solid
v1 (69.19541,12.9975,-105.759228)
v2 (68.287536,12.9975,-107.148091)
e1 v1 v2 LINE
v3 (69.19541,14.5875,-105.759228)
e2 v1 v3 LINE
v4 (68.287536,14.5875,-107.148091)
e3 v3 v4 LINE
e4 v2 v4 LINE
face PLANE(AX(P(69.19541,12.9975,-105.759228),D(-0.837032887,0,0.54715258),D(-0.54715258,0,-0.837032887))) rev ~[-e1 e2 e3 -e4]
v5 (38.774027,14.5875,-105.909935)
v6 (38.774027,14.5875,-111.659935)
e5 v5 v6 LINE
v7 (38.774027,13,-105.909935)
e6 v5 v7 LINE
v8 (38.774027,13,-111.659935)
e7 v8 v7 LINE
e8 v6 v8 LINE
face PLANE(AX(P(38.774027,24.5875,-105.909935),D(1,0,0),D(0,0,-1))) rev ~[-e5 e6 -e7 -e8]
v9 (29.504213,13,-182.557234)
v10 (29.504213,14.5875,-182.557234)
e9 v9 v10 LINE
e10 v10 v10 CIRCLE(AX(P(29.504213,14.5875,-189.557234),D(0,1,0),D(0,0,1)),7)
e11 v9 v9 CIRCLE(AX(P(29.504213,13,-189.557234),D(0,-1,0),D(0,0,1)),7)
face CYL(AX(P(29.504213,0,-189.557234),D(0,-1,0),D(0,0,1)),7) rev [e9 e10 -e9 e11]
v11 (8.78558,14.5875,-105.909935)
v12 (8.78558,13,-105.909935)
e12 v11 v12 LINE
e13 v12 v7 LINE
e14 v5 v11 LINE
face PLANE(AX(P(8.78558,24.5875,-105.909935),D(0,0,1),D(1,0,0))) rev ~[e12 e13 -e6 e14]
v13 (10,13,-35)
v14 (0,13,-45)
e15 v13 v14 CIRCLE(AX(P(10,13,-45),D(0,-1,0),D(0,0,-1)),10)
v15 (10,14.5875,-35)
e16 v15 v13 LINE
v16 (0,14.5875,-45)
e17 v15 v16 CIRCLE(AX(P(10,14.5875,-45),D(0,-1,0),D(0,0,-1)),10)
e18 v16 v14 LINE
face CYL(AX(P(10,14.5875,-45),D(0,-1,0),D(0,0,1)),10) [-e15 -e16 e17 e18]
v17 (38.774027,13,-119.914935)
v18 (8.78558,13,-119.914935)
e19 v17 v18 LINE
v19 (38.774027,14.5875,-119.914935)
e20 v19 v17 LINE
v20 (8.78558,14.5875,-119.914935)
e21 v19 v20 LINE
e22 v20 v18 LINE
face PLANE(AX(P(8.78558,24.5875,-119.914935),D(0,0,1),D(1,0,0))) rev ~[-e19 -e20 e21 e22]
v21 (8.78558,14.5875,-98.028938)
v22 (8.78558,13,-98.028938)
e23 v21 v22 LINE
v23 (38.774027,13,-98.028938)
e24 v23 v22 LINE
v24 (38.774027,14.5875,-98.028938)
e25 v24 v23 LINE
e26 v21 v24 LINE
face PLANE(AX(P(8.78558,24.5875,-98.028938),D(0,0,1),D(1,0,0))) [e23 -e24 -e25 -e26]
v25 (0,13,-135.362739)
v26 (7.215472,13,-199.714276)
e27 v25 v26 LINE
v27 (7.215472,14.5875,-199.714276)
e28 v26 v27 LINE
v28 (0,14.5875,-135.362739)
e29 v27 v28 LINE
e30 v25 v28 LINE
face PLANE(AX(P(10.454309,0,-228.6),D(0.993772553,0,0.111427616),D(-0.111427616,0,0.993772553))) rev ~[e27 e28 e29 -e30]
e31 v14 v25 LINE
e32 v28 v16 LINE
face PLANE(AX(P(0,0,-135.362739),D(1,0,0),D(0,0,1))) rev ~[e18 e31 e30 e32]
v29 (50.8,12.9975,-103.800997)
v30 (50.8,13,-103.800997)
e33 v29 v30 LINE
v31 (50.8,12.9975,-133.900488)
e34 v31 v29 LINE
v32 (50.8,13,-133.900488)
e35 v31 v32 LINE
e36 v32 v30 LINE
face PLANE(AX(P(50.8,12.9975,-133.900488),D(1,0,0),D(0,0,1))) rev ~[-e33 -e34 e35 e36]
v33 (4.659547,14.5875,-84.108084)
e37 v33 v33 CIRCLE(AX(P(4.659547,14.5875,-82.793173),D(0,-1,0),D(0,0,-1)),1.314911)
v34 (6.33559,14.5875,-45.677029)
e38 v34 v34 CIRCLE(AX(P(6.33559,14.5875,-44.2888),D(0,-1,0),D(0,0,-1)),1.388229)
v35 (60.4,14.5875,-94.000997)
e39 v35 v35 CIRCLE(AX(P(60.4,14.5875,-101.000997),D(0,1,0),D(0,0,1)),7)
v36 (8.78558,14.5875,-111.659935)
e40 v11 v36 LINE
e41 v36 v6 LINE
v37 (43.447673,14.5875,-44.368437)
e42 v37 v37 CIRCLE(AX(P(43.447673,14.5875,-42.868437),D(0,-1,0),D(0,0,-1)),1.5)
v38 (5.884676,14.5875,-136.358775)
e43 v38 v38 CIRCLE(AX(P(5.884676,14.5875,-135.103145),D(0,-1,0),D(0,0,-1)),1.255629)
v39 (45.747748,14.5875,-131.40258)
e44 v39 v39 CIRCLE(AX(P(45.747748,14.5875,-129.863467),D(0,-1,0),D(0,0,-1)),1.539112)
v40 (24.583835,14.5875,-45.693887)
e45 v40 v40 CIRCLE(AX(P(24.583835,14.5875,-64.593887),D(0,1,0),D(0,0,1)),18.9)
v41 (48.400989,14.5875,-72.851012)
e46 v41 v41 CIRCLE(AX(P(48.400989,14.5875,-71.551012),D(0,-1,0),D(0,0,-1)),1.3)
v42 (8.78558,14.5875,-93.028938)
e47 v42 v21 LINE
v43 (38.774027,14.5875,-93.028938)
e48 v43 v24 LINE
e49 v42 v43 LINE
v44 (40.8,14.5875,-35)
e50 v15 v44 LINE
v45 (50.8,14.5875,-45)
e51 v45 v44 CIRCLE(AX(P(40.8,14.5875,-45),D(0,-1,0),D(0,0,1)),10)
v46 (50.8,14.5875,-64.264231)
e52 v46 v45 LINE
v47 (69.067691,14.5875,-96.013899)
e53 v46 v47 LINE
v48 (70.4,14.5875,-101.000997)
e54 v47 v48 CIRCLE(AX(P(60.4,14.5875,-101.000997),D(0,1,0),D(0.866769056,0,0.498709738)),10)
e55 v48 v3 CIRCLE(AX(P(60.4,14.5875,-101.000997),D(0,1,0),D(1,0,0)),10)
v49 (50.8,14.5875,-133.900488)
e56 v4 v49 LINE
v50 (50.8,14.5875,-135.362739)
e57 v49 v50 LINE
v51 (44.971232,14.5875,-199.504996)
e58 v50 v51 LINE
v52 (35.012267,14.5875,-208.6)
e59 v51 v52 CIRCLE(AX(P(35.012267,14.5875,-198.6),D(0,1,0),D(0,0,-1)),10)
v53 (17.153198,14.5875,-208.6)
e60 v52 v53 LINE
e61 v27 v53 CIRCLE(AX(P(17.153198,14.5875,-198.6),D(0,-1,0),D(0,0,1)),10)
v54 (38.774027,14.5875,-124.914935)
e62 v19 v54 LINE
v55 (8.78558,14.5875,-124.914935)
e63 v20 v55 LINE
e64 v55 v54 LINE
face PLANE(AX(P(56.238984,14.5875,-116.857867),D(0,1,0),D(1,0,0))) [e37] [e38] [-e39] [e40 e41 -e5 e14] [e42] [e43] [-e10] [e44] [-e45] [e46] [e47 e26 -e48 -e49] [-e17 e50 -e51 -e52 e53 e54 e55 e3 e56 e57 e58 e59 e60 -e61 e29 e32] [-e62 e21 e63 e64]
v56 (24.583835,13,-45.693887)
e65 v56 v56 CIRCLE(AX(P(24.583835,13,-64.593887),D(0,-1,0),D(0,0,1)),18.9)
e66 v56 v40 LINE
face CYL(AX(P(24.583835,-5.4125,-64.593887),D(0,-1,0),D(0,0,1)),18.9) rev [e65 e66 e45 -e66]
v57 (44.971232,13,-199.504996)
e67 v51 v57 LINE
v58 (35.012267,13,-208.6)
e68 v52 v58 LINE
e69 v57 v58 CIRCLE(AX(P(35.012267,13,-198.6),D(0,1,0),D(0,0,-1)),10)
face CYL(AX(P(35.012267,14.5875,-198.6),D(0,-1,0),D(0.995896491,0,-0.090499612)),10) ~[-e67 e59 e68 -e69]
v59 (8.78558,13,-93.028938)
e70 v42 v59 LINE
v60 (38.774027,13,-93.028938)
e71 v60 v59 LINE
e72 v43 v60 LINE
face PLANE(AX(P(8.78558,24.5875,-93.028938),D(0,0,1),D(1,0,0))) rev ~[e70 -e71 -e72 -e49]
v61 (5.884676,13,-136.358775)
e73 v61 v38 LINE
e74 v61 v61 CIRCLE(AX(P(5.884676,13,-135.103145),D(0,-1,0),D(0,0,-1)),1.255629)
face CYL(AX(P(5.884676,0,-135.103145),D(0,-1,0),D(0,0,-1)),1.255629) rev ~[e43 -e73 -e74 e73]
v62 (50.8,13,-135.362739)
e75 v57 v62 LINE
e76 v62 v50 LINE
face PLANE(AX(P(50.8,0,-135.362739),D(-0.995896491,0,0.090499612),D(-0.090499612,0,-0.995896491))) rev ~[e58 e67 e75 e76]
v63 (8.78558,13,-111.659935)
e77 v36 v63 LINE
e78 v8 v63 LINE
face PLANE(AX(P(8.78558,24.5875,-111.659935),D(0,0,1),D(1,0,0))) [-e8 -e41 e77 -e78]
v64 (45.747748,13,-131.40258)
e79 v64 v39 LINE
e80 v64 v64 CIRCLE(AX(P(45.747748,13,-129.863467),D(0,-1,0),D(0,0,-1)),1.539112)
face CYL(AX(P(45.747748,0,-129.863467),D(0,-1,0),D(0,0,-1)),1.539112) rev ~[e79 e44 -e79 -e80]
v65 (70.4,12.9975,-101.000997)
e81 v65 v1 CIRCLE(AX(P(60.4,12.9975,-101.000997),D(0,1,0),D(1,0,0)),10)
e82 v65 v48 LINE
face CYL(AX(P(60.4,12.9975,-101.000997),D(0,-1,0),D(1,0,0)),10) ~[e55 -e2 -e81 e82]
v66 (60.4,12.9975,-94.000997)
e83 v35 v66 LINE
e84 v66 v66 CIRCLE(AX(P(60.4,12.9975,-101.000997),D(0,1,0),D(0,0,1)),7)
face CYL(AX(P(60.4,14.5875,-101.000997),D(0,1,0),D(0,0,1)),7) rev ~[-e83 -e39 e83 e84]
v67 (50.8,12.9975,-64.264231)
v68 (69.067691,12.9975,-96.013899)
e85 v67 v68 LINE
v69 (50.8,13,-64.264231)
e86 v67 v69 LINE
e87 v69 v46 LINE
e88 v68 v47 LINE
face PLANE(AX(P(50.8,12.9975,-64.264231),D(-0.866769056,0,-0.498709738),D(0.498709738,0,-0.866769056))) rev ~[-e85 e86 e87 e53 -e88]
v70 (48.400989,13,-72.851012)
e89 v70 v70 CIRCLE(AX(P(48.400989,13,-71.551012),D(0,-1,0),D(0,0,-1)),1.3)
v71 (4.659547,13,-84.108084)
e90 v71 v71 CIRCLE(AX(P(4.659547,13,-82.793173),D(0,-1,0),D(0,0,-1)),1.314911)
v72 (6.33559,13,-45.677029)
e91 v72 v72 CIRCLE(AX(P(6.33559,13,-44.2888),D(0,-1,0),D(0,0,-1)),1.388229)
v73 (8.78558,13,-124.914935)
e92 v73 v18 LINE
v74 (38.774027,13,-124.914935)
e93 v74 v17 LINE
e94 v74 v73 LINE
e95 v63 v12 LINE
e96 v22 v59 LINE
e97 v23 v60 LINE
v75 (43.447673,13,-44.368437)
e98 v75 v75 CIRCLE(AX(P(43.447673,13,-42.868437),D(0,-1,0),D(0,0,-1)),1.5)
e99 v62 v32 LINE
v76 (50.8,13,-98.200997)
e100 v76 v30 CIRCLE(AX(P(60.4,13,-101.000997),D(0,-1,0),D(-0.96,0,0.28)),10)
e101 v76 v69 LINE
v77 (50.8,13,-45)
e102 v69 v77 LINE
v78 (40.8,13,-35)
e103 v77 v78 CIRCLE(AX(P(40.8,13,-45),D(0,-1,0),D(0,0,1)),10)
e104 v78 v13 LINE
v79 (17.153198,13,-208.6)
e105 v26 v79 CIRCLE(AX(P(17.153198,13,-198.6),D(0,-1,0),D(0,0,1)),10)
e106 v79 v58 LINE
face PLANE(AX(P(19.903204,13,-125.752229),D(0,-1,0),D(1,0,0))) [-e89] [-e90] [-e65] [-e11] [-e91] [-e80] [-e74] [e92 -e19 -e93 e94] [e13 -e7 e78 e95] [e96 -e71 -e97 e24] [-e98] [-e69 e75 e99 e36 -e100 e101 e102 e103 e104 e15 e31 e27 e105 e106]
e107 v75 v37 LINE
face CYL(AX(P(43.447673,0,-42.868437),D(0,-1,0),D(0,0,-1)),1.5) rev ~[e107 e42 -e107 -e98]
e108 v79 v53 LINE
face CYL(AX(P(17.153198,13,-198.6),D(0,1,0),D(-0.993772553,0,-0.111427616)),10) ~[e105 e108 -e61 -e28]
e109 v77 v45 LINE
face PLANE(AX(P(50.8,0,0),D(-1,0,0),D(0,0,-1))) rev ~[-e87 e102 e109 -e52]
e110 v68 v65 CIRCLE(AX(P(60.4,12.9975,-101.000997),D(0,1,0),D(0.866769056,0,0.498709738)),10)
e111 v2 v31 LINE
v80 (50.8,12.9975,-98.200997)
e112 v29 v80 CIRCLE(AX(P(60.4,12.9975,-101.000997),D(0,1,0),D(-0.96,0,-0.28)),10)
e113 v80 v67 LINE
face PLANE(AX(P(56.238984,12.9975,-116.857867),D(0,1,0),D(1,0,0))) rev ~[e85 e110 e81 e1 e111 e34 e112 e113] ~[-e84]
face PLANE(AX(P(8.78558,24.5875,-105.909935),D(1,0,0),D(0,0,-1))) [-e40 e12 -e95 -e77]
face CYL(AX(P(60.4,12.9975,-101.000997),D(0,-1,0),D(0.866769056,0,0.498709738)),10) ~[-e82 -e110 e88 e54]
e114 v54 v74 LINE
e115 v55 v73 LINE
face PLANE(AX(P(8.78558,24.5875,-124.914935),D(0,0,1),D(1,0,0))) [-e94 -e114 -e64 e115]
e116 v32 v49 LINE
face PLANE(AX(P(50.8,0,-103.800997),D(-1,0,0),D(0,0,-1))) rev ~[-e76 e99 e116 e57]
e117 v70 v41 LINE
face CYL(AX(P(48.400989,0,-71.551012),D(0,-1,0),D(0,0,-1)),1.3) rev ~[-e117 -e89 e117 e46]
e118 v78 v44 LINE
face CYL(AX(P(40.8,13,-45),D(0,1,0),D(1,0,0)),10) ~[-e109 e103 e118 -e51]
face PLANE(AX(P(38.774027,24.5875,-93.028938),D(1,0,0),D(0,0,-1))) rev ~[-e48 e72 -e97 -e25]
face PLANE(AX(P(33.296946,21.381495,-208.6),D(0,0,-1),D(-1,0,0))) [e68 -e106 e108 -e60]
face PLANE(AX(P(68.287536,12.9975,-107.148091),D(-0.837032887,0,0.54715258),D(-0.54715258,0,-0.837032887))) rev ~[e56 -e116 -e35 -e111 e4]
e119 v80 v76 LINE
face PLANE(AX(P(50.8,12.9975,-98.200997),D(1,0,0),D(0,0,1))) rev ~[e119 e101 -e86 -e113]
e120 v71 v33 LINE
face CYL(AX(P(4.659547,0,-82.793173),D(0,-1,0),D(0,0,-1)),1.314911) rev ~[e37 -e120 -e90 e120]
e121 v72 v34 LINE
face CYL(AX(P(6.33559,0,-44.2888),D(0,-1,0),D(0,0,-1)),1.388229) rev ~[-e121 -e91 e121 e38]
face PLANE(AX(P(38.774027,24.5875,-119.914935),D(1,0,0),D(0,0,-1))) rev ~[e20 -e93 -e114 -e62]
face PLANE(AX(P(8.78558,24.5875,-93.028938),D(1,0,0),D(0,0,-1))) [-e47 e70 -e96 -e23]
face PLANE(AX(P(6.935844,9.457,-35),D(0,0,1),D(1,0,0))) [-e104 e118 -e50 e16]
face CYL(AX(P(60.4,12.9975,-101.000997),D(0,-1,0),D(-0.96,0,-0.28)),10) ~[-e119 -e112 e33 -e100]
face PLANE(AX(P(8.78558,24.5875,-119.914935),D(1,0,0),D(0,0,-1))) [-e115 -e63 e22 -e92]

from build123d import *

# Parameters (mm, degrees)
SKETCH1_R           = 2.875
SKETCH1_R_2         = 7
BOSS_EXTRUDE1_DEPTH = 24.5875
SKETCH4_W           = 66.272407177
SKETCH4_H           = 27.800260981
CUT_EXTRUDE2_DEPTH  = 20
FILLET3_R           = 10
FILLET4_R           = 10
BOSS_EXTRUDE3_START = -1.5875
BOSS_EXTRUDE3_DEPTH = 1.5875
SKETCH7_R           = 7
CUT_EXTRUDE3_DEPTH  = 1.5875
CUT_EXTRUDE4_START  = -10
SKETCH8_R           = 3
SKETCH8_R_2         = 18.9
SKETCH8_R_3         = 2.875
SKETCH8_R_4         = 7
CUT_EXTRUDE4_DEPTH  = 10
SKETCH9_W           = 229.1070397
SKETCH9_H           = 361.266964835
SKETCH9_R           = 1.388229101
SKETCH9_R_2         = 1.483383261
SKETCH9_R_3         = 1.314910669
SKETCH9_R_4         = 1.248623853
SKETCH9_R_5         = 1.255629307
SKETCH9_R_6         = 1.53911217
CUT_EXTRUDE5_DEPTH  = 13
SKETCH10_W          = 29.988446547
SKETCH10_H          = 5
SKETCH10_H_2        = 5.75
CUT_EXTRUDE6_DEPTH  = 22
SKETCH11_R          = 5.236653548
CUT_EXTRUDE7_DEPTH  = 10
BOSS_EXTRUDE4_START = -1.59
BOSS_EXTRUDE4_DEPTH = 1.59
SKETCH13_R          = 7
CUT_EXTRUDE8_DEPTH  = 41
SKETCH14_W          = 61.491848917
SKETCH14_H          = 35.587491391
CUT_EXTRUDE9_DEPTH  = 20
FILLET5_R           = 10
SKETCH16_W          = 163.723031551
SKETCH16_H          = 22.872070304
CUT_EXTRUDE11_DEPTH = 35
FILLET6_R           = 10
SKETCH17_R          = 1.53911217
SKETCH17_R_2        = 1.255629307
SKETCH17_R_3        = 1.3
SKETCH17_R_4        = 1.314910669
SKETCH17_R_5        = 1.388229101
SKETCH17_R_6        = 1.5
CUT_EXTRUDE12_DEPTH = 42
CUT_EXTRUDE13_START = -30
SKETCH18_R          = 18.9
CUT_EXTRUDE13_DEPTH = 30


with BuildPart() as part:
    # Sketch1 → Boss-Extrude1 (new body)
    with BuildSketch(Plane(origin=(0, 0, 0), x_dir=(1, 0, 0), z_dir=(0, 1, 0))):
        with BuildLine():
            Line((42.32729629, 228.6), (10.454309325, 228.6))
            Line((10.454309325, 228.6), (0, 135.362739137))
            Line((0, 135.362739137), (0, 0))
            Line((0, 0), (24.327009544, 0))
            Line((24.327009544, 0), (50.8, 0))
            Line((50.8, 0), (50.8, 64.87909603))
            Line((50.8, 64.87909603), (50.8, 87.423477361))
            Line((50.8, 87.423477361), (50.8, 98.200996728))
            ThreePointArc((50.8, 98.200996728), (50.4, 101.000996728), (50.8, 103.800996728))
            Line((50.8, 103.800996728), (50.8, 104.488200565))
            Line((50.8, 104.488200565), (50.8, 120.619222808))
            Line((50.8, 120.619222808), (50.8, 135.362739137))
            Line((50.8, 135.362739137), (42.32729629, 228.6))
        make_face()
        with Locations(Location((24.101759227, 108.78493524, 0), (0, 0, 270))):
            Circle(SKETCH1_R, mode=Mode.SUBTRACT)
        with Locations(Location((29.504213454, 189.557234372, 0), (0, 0, 270))):
            Circle(SKETCH1_R_2, mode=Mode.SUBTRACT)
    extrude(amount=BOSS_EXTRUDE1_DEPTH)

    # Sketch4 → Cut-Extrude2 (cut)
    with BuildSketch(Plane(origin=(0, 0, -228.6), x_dir=(-1, 0, 0), z_dir=(0, 0, -1))):
        with Locations((-28.174690156, -1.980940155)):
            Rectangle(SKETCH4_W, SKETCH4_H)
    extrude(amount=-CUT_EXTRUDE2_DEPTH, mode=Mode.SUBTRACT)

    # Fillet3
    fillet3_edges = [part.edges().sort_by_distance(p)[0] for p in [
        (44.144746445, 5.959595168, -208.6),
    ]]
    fillet(fillet3_edges, radius=FILLET3_R)

    # Fillet4
    fillet4_edges = [part.edges().sort_by_distance(p)[0] for p in [
        (50.8, 12.29375, 0),
        (0, 12.29375, 0),
        (8.211791854, 5.959595168, -208.6),
    ]]
    fillet(fillet4_edges, radius=FILLET4_R)

    # Sketch6 → Boss-Extrude3 (add)
    with BuildSketch(Plane(origin=(0, 24.5875, 0), x_dir=(1, 0, 0), z_dir=(0, 1, 0)).offset(BOSS_EXTRUDE3_START)):
        with BuildLine():
            Line((50.8, 135.362739137), (50.8, 103.800996728))
            ThreePointArc((50.8, 103.800996728), (50.4, 101.000996728), (50.8, 98.200996728))
            Line((50.8, 98.200996728), (50.8, 61.124243317))
            Line((50.8, 61.124243317), (69.258211507, 96.360728536))
            ThreePointArc((69.258211507, 96.360728536), (70.393157133, 101.370875786), (68.890940865, 106.283413148))
            Line((68.890940865, 106.283413148), (50.8, 135.362739137))
        make_face()
    extrude(amount=BOSS_EXTRUDE3_DEPTH)

    # Sketch7 → Cut-Extrude3 (cut)
    with BuildSketch(Plane(origin=(0, 24.5875, 0), x_dir=(1, 0, 0), z_dir=(0, 1, 0))):
        with Locations(Location((60.4, 101.000996728, 0), (0, 0, 270))):
            Circle(SKETCH7_R)
    extrude(amount=-CUT_EXTRUDE3_DEPTH, mode=Mode.SUBTRACT)

    # Sketch8 → Cut-Extrude4 (cut)
    with BuildSketch(Plane(origin=(0, 24.5875, 0), x_dir=(1, 0, 0), z_dir=(0, 1, 0)).offset(CUT_EXTRUDE4_START)):
        with BuildLine():
            Line((10.454309325, 228.6), (0, 135.362739137))
            Line((0, 135.362739137), (0, 10))
            ThreePointArc((0, 10), (2.928932188, 2.928932188), (10, 0))
            Line((10, 0), (40.8, 0))
            ThreePointArc((40.8, 0), (47.871067812, 2.928932188), (50.8, 10))
            Line((50.8, 10), (50.8, 61.124243317))
            Line((50.8, 61.124243317), (69.258211507, 96.360728536))
            ThreePointArc((69.258211507, 96.360728536), (70.393157133, 101.370875786), (68.890940865, 106.283413148))
            Line((68.890940865, 106.283413148), (50.8, 135.362739137))
            Line((50.8, 135.362739137), (42.32729629, 228.6))
            Line((42.32729629, 228.6), (10.454309325, 228.6))
        make_face()
        with Locations(Location((9.492033273, 118.909935242, 0), (0, 0, 270))):
            Circle(SKETCH8_R, mode=Mode.SUBTRACT)
        with Locations(Location((24.583834565, 64.593886665, 0), (0, 0, 270))):
            Circle(SKETCH8_R_2, mode=Mode.SUBTRACT)
        with Locations(Location((24.101759227, 108.78493524, 0), (0, 0, 270))):
            Circle(SKETCH8_R_3, mode=Mode.SUBTRACT)
        with Locations((60.4, 101.000996728)):
            Circle(SKETCH8_R_4, mode=Mode.SUBTRACT)
        with Locations(Location((29.504213454, 189.557234372, 0), (0, 0, 270))):
            Circle(SKETCH8_R_4, mode=Mode.SUBTRACT)
    extrude(amount=CUT_EXTRUDE4_DEPTH, mode=Mode.SUBTRACT)

    # Sketch9 → Cut-Extrude5 (cut)
    with BuildSketch(Plane.XZ):
        with Locations((19.903204009, -125.752229467)):
            Rectangle(SKETCH9_W, SKETCH9_H)
        with Locations(Location((6.335590122, -44.288799513, 0), (0, 0, 270))):
            Circle(SKETCH9_R, mode=Mode.SUBTRACT)
        with Locations(Location((43.447673368, -42.868436544, 0), (0, 0, 270))):
            Circle(SKETCH9_R_2, mode=Mode.SUBTRACT)
        with Locations(Location((4.659546827, -82.793173401, 0), (0, 0, 270))):
            Circle(SKETCH9_R_3, mode=Mode.SUBTRACT)
        with Locations(Location((48.400988852, -71.551011715, 0), (0, 0, 270))):
            Circle(SKETCH9_R_4, mode=Mode.SUBTRACT)
        with Locations(Location((5.88467603, -135.103145298, 0), (0, 0, 270))):
            Circle(SKETCH9_R_5, mode=Mode.SUBTRACT)
        with Locations(Location((45.747747887, -129.863467374, 0), (0, 0, 270))):
            Circle(SKETCH9_R_6, mode=Mode.SUBTRACT)
    extrude(amount=-CUT_EXTRUDE5_DEPTH, mode=Mode.SUBTRACT)

    # Sketch10 → Cut-Extrude6 (cut)
    with BuildSketch(Plane(origin=(0, 24.5875, 0), x_dir=(1, 0, 0), z_dir=(0, 1, 0))):
        with Locations((23.779803557, 122.41493524)):
            Rectangle(SKETCH10_W, SKETCH10_H)
        with Locations((23.779803557, 108.78493524)):
            Rectangle(SKETCH10_W, SKETCH10_H_2)
        with Locations((23.779803557, 95.528937895)):
            Rectangle(SKETCH10_W, SKETCH10_H)
    extrude(amount=-CUT_EXTRUDE6_DEPTH, mode=Mode.SUBTRACT)

    # Sketch11 → Cut-Extrude7 (cut)
    with BuildSketch(Plane(origin=(0, 24.5875, 0), x_dir=(1, 0, 0), z_dir=(0, 1, 0))):
        with Locations((8.535526315, 118.29502971)):
            Circle(SKETCH11_R)
    extrude(amount=-CUT_EXTRUDE7_DEPTH, mode=Mode.SUBTRACT)

    # Sketch12 → Boss-Extrude4 (add)
    with BuildSketch(Plane(origin=(0, 14.5875, 0), x_dir=(1, 0, 0), z_dir=(0, 1, 0)).offset(BOSS_EXTRUDE4_START)):
        with BuildLine():
            Line((68.287536191, 107.148091395), (50.8, 133.900488173))
            Line((50.8, 133.900488173), (50.8, 103.800996728))
            ThreePointArc((50.8, 103.800996728), (58.520134646, 110.822712782), (68.287536191, 107.148091395))
        make_face()
        with BuildLine():
            Line((69.19540964, 105.759228466), (68.287536191, 107.148091395))
            ThreePointArc((68.287536191, 107.148091395), (58.520134646, 110.822712782), (50.8, 103.800996728))
            ThreePointArc((50.8, 103.800996728), (50.4, 101.000996728), (50.8, 98.200996728))
            ThreePointArc((50.8, 98.200996728), (59.211240578, 91.07190558), (69.067690563, 96.013899345))
            ThreePointArc((69.067690563, 96.013899345), (70.061182785, 98.419999404), (70.4, 101.000996728))
            ThreePointArc((70.4, 101.000996728), (70.094175994, 103.455167016), (69.19540964, 105.759228466))
        make_face()
        with BuildLine():
            ThreePointArc((69.067690563, 96.013899345), (59.211240578, 91.07190558), (50.8, 98.200996728))
            Line((50.8, 98.200996728), (50.8, 64.264230765))
            Line((50.8, 64.264230765), (69.067690563, 96.013899345))
        make_face()
    extrude(amount=BOSS_EXTRUDE4_DEPTH)

    # Sketch13 → Cut-Extrude8 (cut)
    with BuildSketch(Plane(origin=(0, 14.5875, 0), x_dir=(1, 0, 0), z_dir=(0, 1, 0))):
        with Locations(Location((60.4, 101.000996728, 0), (0, 0, 270))):
            Circle(SKETCH13_R)
    extrude(amount=-CUT_EXTRUDE8_DEPTH, mode=Mode.SUBTRACT)

    # Sketch14 → Cut-Extrude9 (cut)
    with BuildSketch(Plane(origin=(0, 0, -228.6), x_dir=(-1, 0, 0), z_dir=(0, 0, -1))):
        with Locations((-33.296946078, 21.381494753)):
            Rectangle(SKETCH14_W, SKETCH14_H)
    extrude(amount=-CUT_EXTRUDE9_DEPTH, mode=Mode.SUBTRACT)

    # Fillet5
    fillet5_edges = [part.edges().sort_by_distance(p)[0] for p in [
        (44.144746445, 13.79375, -208.6),
        (8.211791854, 13.79375, -208.6),
    ]]
    fillet(fillet5_edges, radius=FILLET5_R)

    # Sketch16 → Cut-Extrude11 (cut)
    with BuildSketch(Plane.XY):
        with Locations((6.935844153, 9.456999915)):
            Rectangle(SKETCH16_W, SKETCH16_H)
    extrude(amount=-CUT_EXTRUDE11_DEPTH, mode=Mode.SUBTRACT)

    # Fillet6
    fillet6_edges = [part.edges().sort_by_distance(p)[0] for p in [
        (0, 13.79375, -35),
        (50.8, 13.79375, -35),
    ]]
    fillet(fillet6_edges, radius=FILLET6_R)

    # Sketch17 → Cut-Extrude12 (cut)
    with BuildSketch(Plane.XZ):
        with Locations(Location((45.747747887, -129.863467374, 0), (0, 0, 270))):
            Circle(SKETCH17_R)
        with Locations(Location((5.88467603, -135.103145298, 0), (0, 0, 270))):
            Circle(SKETCH17_R_2)
        with Locations(Location((48.400988852, -71.551011715, 0), (0, 0, 270))):
            Circle(SKETCH17_R_3)
        with Locations(Location((4.659546827, -82.793173401, 0), (0, 0, 270))):
            Circle(SKETCH17_R_4)
        with Locations(Location((6.335590122, -44.288799513, 0), (0, 0, 270))):
            Circle(SKETCH17_R_5)
        with Locations(Location((43.447673368, -42.868436544, 0), (0, 0, 270))):
            Circle(SKETCH17_R_6)
    extrude(amount=-CUT_EXTRUDE12_DEPTH, mode=Mode.SUBTRACT)

    # Sketch18 → Cut-Extrude13 (cut)
    with BuildSketch(Plane(origin=(0, 24.5875, 0), x_dir=(1, 0, 0), z_dir=(0, 1, 0)).offset(CUT_EXTRUDE13_START)):
        with Locations(Location((24.583834565, 64.593886665, 0), (0, 0, 270))):
            Circle(SKETCH18_R)
    extrude(amount=CUT_EXTRUDE13_DEPTH, mode=Mode.SUBTRACT)


solid = part.part
